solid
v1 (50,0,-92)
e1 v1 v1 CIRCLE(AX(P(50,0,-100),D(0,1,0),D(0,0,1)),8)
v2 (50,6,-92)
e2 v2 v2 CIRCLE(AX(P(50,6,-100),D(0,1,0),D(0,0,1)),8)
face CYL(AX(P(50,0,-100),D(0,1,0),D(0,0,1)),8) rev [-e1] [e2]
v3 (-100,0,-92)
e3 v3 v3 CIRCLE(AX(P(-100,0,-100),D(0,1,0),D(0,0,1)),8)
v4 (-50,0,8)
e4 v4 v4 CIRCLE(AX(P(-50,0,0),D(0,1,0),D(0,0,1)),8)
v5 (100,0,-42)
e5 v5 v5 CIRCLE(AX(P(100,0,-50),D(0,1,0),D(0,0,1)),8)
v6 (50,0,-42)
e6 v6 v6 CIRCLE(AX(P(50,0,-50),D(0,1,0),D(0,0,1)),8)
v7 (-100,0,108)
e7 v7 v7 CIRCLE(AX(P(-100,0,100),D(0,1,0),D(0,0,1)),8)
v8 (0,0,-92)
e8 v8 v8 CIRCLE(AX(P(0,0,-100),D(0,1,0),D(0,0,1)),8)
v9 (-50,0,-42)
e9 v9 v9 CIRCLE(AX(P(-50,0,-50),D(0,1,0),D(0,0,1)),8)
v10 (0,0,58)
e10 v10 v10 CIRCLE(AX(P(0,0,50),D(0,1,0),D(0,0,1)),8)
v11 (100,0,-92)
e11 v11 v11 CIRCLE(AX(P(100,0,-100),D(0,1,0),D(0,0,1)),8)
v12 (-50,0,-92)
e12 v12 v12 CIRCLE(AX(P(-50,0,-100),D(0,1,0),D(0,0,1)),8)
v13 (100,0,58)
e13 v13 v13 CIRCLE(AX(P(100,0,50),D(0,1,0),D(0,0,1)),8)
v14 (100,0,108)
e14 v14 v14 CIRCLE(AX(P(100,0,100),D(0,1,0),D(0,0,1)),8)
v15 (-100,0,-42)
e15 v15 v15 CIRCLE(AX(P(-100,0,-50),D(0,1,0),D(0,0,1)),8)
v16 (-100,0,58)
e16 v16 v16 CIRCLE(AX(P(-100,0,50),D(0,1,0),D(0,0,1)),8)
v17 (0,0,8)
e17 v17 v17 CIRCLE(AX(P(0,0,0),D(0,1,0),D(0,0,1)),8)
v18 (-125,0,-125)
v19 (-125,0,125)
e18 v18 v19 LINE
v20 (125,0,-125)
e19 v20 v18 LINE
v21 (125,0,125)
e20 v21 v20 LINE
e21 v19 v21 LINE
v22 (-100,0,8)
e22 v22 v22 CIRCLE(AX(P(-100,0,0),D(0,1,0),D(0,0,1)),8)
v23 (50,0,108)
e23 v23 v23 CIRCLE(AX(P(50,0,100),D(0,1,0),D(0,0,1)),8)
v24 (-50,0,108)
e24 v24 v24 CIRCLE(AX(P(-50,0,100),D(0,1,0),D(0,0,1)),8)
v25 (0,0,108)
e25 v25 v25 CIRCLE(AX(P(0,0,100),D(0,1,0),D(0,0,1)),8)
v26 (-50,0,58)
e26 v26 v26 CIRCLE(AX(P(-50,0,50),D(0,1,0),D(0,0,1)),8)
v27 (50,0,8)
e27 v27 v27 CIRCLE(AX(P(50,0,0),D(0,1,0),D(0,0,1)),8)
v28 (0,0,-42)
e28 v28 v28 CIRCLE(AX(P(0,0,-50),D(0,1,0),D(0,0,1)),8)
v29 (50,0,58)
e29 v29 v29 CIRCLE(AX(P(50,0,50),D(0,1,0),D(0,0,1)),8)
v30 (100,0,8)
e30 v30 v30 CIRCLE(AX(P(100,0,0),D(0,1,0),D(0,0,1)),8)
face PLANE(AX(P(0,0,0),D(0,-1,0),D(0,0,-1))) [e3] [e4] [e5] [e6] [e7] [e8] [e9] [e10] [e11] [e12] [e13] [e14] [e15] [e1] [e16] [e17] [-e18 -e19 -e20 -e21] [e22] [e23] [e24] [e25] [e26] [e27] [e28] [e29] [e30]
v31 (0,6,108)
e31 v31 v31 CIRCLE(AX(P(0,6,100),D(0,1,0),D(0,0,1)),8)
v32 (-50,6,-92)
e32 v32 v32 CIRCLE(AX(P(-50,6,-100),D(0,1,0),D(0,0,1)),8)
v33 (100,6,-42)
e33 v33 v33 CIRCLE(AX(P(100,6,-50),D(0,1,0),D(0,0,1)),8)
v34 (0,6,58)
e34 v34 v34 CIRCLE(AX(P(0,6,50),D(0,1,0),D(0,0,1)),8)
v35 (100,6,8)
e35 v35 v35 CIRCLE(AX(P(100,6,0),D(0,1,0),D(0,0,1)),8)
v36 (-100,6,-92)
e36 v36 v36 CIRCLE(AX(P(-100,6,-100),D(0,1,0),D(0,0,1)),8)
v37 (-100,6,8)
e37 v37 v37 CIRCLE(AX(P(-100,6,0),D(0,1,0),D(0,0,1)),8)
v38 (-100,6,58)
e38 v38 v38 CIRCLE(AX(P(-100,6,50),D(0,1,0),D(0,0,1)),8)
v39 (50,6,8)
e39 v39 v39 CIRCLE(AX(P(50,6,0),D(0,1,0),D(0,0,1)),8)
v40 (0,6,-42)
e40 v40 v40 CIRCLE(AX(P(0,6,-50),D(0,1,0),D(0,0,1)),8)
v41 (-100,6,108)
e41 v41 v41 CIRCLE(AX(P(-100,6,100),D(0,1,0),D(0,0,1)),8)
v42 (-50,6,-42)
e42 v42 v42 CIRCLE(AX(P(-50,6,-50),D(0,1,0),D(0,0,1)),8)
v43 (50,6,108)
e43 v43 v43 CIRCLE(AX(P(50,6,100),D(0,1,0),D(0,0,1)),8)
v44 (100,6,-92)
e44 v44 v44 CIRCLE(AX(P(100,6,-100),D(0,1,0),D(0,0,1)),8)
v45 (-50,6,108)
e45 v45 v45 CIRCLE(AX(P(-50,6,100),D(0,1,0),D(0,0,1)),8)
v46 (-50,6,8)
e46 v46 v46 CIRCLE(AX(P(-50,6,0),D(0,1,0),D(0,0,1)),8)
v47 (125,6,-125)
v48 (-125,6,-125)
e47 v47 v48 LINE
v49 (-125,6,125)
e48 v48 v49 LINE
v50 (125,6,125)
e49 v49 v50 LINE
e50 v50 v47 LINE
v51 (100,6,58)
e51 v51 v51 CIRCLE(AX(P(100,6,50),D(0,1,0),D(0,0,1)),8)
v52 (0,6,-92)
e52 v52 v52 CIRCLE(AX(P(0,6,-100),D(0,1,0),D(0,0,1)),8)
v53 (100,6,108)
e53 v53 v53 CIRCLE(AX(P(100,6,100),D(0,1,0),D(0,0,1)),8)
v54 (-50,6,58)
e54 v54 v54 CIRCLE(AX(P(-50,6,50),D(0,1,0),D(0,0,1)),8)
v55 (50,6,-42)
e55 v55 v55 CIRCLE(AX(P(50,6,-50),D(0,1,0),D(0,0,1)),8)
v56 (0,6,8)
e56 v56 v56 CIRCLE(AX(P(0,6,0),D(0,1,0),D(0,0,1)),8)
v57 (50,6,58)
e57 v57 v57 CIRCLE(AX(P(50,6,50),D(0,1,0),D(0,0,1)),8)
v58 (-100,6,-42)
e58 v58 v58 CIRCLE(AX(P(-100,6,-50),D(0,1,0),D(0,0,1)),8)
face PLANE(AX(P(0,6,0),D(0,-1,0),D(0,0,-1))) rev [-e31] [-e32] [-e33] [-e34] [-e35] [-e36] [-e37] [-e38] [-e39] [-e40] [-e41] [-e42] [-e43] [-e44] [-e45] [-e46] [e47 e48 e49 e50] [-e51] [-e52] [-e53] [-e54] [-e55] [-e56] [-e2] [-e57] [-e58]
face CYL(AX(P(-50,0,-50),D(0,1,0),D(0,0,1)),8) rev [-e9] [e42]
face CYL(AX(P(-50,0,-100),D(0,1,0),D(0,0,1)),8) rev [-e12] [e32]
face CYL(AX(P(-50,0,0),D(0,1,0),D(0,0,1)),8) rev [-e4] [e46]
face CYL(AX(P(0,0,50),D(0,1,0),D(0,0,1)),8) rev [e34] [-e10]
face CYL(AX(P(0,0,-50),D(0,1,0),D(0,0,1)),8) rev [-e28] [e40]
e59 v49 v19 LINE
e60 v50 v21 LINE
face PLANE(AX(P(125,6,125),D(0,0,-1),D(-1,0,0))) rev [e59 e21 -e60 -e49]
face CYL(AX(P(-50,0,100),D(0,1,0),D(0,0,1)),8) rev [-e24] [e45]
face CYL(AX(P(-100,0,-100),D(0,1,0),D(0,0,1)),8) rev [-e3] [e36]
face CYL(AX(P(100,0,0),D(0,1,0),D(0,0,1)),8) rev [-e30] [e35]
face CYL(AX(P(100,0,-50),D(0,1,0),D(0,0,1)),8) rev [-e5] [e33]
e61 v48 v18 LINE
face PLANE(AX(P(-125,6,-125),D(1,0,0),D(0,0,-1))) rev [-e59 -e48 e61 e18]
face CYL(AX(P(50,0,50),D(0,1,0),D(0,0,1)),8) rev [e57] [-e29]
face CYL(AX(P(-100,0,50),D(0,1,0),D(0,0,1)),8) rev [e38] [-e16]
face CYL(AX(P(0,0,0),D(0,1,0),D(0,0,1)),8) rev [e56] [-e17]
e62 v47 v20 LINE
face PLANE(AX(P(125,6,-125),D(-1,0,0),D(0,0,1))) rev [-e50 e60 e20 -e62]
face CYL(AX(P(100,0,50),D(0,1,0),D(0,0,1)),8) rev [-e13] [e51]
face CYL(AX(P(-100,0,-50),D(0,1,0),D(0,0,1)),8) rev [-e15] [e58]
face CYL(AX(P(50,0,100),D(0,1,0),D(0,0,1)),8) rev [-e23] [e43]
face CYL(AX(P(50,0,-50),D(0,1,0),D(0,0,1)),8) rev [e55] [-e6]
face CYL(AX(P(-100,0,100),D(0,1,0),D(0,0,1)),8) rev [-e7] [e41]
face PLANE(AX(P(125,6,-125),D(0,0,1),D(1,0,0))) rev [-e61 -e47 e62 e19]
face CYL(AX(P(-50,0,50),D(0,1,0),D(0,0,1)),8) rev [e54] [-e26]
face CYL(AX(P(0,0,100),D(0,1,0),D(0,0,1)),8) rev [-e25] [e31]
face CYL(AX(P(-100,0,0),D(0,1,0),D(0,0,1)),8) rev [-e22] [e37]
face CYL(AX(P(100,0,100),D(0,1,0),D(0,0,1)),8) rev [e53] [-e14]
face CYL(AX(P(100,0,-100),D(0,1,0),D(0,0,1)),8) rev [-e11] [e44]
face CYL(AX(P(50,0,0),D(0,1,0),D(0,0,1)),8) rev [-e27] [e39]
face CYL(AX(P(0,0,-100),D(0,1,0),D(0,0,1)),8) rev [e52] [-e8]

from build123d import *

# Parameters (mm, degrees)
SKETCH_1_W          = 250
SKETCH_1_H          = 250
EXTRUDE_1_DEPTH     = 6
SKETCH_2_R          = 8
CUT_EXTRUDE_1_DEPTH = 6


with BuildPart() as part:
    # Эскиз1 → Бобышка-Вытянуть1 (new body)
    with BuildSketch(Plane(origin=(0, 0, 0), x_dir=(1, 0, 0), z_dir=(0, 1, 0))):
        Rectangle(SKETCH_1_W, SKETCH_1_H)
    extrude(amount=EXTRUDE_1_DEPTH)

    # Эскиз2 → Вырез-Вытянуть1 (cut)
    with BuildSketch(Plane(origin=(0, 6, 0), x_dir=(1, 0, 0), z_dir=(0, 1, 0))):
        with Locations((-100, -100)):
            Circle(SKETCH_2_R)
        with Locations((-50, -100)):
            Circle(SKETCH_2_R)
        with Locations((0, -100)):
            Circle(SKETCH_2_R)
        with Locations((50, -100)):
            Circle(SKETCH_2_R)
        with Locations((100, -100)):
            Circle(SKETCH_2_R)
        with Locations((-50, -50)):
            Circle(SKETCH_2_R)
        with Locations((0, -50)):
            Circle(SKETCH_2_R)
        with Locations((50, -50)):
            Circle(SKETCH_2_R)
        with Locations((100, -50)):
            Circle(SKETCH_2_R)
        with Locations((-50, 0)):
            Circle(SKETCH_2_R)
        Circle(SKETCH_2_R)
        with Locations((50, 0)):
            Circle(SKETCH_2_R)
        with Locations((100, 0)):
            Circle(SKETCH_2_R)
        with Locations((-50, 50)):
            Circle(SKETCH_2_R)
        with Locations((0, 50)):
            Circle(SKETCH_2_R)
        with Locations((50, 50)):
            Circle(SKETCH_2_R)
        with Locations((100, 50)):
            Circle(SKETCH_2_R)
        with Locations((-50, 100)):
            Circle(SKETCH_2_R)
        with Locations((0, 100)):
            Circle(SKETCH_2_R)
        with Locations((50, 100)):
            Circle(SKETCH_2_R)
        with Locations((100, 100)):
            Circle(SKETCH_2_R)
        with Locations((-100, -50)):
            Circle(SKETCH_2_R)
        with Locations((-100, 0)):
            Circle(SKETCH_2_R)
        with Locations((-100, 50)):
            Circle(SKETCH_2_R)
        with Locations((-100, 100)):
            Circle(SKETCH_2_R)
    extrude(amount=-CUT_EXTRUDE_1_DEPTH, mode=Mode.SUBTRACT)


solid = part.part
